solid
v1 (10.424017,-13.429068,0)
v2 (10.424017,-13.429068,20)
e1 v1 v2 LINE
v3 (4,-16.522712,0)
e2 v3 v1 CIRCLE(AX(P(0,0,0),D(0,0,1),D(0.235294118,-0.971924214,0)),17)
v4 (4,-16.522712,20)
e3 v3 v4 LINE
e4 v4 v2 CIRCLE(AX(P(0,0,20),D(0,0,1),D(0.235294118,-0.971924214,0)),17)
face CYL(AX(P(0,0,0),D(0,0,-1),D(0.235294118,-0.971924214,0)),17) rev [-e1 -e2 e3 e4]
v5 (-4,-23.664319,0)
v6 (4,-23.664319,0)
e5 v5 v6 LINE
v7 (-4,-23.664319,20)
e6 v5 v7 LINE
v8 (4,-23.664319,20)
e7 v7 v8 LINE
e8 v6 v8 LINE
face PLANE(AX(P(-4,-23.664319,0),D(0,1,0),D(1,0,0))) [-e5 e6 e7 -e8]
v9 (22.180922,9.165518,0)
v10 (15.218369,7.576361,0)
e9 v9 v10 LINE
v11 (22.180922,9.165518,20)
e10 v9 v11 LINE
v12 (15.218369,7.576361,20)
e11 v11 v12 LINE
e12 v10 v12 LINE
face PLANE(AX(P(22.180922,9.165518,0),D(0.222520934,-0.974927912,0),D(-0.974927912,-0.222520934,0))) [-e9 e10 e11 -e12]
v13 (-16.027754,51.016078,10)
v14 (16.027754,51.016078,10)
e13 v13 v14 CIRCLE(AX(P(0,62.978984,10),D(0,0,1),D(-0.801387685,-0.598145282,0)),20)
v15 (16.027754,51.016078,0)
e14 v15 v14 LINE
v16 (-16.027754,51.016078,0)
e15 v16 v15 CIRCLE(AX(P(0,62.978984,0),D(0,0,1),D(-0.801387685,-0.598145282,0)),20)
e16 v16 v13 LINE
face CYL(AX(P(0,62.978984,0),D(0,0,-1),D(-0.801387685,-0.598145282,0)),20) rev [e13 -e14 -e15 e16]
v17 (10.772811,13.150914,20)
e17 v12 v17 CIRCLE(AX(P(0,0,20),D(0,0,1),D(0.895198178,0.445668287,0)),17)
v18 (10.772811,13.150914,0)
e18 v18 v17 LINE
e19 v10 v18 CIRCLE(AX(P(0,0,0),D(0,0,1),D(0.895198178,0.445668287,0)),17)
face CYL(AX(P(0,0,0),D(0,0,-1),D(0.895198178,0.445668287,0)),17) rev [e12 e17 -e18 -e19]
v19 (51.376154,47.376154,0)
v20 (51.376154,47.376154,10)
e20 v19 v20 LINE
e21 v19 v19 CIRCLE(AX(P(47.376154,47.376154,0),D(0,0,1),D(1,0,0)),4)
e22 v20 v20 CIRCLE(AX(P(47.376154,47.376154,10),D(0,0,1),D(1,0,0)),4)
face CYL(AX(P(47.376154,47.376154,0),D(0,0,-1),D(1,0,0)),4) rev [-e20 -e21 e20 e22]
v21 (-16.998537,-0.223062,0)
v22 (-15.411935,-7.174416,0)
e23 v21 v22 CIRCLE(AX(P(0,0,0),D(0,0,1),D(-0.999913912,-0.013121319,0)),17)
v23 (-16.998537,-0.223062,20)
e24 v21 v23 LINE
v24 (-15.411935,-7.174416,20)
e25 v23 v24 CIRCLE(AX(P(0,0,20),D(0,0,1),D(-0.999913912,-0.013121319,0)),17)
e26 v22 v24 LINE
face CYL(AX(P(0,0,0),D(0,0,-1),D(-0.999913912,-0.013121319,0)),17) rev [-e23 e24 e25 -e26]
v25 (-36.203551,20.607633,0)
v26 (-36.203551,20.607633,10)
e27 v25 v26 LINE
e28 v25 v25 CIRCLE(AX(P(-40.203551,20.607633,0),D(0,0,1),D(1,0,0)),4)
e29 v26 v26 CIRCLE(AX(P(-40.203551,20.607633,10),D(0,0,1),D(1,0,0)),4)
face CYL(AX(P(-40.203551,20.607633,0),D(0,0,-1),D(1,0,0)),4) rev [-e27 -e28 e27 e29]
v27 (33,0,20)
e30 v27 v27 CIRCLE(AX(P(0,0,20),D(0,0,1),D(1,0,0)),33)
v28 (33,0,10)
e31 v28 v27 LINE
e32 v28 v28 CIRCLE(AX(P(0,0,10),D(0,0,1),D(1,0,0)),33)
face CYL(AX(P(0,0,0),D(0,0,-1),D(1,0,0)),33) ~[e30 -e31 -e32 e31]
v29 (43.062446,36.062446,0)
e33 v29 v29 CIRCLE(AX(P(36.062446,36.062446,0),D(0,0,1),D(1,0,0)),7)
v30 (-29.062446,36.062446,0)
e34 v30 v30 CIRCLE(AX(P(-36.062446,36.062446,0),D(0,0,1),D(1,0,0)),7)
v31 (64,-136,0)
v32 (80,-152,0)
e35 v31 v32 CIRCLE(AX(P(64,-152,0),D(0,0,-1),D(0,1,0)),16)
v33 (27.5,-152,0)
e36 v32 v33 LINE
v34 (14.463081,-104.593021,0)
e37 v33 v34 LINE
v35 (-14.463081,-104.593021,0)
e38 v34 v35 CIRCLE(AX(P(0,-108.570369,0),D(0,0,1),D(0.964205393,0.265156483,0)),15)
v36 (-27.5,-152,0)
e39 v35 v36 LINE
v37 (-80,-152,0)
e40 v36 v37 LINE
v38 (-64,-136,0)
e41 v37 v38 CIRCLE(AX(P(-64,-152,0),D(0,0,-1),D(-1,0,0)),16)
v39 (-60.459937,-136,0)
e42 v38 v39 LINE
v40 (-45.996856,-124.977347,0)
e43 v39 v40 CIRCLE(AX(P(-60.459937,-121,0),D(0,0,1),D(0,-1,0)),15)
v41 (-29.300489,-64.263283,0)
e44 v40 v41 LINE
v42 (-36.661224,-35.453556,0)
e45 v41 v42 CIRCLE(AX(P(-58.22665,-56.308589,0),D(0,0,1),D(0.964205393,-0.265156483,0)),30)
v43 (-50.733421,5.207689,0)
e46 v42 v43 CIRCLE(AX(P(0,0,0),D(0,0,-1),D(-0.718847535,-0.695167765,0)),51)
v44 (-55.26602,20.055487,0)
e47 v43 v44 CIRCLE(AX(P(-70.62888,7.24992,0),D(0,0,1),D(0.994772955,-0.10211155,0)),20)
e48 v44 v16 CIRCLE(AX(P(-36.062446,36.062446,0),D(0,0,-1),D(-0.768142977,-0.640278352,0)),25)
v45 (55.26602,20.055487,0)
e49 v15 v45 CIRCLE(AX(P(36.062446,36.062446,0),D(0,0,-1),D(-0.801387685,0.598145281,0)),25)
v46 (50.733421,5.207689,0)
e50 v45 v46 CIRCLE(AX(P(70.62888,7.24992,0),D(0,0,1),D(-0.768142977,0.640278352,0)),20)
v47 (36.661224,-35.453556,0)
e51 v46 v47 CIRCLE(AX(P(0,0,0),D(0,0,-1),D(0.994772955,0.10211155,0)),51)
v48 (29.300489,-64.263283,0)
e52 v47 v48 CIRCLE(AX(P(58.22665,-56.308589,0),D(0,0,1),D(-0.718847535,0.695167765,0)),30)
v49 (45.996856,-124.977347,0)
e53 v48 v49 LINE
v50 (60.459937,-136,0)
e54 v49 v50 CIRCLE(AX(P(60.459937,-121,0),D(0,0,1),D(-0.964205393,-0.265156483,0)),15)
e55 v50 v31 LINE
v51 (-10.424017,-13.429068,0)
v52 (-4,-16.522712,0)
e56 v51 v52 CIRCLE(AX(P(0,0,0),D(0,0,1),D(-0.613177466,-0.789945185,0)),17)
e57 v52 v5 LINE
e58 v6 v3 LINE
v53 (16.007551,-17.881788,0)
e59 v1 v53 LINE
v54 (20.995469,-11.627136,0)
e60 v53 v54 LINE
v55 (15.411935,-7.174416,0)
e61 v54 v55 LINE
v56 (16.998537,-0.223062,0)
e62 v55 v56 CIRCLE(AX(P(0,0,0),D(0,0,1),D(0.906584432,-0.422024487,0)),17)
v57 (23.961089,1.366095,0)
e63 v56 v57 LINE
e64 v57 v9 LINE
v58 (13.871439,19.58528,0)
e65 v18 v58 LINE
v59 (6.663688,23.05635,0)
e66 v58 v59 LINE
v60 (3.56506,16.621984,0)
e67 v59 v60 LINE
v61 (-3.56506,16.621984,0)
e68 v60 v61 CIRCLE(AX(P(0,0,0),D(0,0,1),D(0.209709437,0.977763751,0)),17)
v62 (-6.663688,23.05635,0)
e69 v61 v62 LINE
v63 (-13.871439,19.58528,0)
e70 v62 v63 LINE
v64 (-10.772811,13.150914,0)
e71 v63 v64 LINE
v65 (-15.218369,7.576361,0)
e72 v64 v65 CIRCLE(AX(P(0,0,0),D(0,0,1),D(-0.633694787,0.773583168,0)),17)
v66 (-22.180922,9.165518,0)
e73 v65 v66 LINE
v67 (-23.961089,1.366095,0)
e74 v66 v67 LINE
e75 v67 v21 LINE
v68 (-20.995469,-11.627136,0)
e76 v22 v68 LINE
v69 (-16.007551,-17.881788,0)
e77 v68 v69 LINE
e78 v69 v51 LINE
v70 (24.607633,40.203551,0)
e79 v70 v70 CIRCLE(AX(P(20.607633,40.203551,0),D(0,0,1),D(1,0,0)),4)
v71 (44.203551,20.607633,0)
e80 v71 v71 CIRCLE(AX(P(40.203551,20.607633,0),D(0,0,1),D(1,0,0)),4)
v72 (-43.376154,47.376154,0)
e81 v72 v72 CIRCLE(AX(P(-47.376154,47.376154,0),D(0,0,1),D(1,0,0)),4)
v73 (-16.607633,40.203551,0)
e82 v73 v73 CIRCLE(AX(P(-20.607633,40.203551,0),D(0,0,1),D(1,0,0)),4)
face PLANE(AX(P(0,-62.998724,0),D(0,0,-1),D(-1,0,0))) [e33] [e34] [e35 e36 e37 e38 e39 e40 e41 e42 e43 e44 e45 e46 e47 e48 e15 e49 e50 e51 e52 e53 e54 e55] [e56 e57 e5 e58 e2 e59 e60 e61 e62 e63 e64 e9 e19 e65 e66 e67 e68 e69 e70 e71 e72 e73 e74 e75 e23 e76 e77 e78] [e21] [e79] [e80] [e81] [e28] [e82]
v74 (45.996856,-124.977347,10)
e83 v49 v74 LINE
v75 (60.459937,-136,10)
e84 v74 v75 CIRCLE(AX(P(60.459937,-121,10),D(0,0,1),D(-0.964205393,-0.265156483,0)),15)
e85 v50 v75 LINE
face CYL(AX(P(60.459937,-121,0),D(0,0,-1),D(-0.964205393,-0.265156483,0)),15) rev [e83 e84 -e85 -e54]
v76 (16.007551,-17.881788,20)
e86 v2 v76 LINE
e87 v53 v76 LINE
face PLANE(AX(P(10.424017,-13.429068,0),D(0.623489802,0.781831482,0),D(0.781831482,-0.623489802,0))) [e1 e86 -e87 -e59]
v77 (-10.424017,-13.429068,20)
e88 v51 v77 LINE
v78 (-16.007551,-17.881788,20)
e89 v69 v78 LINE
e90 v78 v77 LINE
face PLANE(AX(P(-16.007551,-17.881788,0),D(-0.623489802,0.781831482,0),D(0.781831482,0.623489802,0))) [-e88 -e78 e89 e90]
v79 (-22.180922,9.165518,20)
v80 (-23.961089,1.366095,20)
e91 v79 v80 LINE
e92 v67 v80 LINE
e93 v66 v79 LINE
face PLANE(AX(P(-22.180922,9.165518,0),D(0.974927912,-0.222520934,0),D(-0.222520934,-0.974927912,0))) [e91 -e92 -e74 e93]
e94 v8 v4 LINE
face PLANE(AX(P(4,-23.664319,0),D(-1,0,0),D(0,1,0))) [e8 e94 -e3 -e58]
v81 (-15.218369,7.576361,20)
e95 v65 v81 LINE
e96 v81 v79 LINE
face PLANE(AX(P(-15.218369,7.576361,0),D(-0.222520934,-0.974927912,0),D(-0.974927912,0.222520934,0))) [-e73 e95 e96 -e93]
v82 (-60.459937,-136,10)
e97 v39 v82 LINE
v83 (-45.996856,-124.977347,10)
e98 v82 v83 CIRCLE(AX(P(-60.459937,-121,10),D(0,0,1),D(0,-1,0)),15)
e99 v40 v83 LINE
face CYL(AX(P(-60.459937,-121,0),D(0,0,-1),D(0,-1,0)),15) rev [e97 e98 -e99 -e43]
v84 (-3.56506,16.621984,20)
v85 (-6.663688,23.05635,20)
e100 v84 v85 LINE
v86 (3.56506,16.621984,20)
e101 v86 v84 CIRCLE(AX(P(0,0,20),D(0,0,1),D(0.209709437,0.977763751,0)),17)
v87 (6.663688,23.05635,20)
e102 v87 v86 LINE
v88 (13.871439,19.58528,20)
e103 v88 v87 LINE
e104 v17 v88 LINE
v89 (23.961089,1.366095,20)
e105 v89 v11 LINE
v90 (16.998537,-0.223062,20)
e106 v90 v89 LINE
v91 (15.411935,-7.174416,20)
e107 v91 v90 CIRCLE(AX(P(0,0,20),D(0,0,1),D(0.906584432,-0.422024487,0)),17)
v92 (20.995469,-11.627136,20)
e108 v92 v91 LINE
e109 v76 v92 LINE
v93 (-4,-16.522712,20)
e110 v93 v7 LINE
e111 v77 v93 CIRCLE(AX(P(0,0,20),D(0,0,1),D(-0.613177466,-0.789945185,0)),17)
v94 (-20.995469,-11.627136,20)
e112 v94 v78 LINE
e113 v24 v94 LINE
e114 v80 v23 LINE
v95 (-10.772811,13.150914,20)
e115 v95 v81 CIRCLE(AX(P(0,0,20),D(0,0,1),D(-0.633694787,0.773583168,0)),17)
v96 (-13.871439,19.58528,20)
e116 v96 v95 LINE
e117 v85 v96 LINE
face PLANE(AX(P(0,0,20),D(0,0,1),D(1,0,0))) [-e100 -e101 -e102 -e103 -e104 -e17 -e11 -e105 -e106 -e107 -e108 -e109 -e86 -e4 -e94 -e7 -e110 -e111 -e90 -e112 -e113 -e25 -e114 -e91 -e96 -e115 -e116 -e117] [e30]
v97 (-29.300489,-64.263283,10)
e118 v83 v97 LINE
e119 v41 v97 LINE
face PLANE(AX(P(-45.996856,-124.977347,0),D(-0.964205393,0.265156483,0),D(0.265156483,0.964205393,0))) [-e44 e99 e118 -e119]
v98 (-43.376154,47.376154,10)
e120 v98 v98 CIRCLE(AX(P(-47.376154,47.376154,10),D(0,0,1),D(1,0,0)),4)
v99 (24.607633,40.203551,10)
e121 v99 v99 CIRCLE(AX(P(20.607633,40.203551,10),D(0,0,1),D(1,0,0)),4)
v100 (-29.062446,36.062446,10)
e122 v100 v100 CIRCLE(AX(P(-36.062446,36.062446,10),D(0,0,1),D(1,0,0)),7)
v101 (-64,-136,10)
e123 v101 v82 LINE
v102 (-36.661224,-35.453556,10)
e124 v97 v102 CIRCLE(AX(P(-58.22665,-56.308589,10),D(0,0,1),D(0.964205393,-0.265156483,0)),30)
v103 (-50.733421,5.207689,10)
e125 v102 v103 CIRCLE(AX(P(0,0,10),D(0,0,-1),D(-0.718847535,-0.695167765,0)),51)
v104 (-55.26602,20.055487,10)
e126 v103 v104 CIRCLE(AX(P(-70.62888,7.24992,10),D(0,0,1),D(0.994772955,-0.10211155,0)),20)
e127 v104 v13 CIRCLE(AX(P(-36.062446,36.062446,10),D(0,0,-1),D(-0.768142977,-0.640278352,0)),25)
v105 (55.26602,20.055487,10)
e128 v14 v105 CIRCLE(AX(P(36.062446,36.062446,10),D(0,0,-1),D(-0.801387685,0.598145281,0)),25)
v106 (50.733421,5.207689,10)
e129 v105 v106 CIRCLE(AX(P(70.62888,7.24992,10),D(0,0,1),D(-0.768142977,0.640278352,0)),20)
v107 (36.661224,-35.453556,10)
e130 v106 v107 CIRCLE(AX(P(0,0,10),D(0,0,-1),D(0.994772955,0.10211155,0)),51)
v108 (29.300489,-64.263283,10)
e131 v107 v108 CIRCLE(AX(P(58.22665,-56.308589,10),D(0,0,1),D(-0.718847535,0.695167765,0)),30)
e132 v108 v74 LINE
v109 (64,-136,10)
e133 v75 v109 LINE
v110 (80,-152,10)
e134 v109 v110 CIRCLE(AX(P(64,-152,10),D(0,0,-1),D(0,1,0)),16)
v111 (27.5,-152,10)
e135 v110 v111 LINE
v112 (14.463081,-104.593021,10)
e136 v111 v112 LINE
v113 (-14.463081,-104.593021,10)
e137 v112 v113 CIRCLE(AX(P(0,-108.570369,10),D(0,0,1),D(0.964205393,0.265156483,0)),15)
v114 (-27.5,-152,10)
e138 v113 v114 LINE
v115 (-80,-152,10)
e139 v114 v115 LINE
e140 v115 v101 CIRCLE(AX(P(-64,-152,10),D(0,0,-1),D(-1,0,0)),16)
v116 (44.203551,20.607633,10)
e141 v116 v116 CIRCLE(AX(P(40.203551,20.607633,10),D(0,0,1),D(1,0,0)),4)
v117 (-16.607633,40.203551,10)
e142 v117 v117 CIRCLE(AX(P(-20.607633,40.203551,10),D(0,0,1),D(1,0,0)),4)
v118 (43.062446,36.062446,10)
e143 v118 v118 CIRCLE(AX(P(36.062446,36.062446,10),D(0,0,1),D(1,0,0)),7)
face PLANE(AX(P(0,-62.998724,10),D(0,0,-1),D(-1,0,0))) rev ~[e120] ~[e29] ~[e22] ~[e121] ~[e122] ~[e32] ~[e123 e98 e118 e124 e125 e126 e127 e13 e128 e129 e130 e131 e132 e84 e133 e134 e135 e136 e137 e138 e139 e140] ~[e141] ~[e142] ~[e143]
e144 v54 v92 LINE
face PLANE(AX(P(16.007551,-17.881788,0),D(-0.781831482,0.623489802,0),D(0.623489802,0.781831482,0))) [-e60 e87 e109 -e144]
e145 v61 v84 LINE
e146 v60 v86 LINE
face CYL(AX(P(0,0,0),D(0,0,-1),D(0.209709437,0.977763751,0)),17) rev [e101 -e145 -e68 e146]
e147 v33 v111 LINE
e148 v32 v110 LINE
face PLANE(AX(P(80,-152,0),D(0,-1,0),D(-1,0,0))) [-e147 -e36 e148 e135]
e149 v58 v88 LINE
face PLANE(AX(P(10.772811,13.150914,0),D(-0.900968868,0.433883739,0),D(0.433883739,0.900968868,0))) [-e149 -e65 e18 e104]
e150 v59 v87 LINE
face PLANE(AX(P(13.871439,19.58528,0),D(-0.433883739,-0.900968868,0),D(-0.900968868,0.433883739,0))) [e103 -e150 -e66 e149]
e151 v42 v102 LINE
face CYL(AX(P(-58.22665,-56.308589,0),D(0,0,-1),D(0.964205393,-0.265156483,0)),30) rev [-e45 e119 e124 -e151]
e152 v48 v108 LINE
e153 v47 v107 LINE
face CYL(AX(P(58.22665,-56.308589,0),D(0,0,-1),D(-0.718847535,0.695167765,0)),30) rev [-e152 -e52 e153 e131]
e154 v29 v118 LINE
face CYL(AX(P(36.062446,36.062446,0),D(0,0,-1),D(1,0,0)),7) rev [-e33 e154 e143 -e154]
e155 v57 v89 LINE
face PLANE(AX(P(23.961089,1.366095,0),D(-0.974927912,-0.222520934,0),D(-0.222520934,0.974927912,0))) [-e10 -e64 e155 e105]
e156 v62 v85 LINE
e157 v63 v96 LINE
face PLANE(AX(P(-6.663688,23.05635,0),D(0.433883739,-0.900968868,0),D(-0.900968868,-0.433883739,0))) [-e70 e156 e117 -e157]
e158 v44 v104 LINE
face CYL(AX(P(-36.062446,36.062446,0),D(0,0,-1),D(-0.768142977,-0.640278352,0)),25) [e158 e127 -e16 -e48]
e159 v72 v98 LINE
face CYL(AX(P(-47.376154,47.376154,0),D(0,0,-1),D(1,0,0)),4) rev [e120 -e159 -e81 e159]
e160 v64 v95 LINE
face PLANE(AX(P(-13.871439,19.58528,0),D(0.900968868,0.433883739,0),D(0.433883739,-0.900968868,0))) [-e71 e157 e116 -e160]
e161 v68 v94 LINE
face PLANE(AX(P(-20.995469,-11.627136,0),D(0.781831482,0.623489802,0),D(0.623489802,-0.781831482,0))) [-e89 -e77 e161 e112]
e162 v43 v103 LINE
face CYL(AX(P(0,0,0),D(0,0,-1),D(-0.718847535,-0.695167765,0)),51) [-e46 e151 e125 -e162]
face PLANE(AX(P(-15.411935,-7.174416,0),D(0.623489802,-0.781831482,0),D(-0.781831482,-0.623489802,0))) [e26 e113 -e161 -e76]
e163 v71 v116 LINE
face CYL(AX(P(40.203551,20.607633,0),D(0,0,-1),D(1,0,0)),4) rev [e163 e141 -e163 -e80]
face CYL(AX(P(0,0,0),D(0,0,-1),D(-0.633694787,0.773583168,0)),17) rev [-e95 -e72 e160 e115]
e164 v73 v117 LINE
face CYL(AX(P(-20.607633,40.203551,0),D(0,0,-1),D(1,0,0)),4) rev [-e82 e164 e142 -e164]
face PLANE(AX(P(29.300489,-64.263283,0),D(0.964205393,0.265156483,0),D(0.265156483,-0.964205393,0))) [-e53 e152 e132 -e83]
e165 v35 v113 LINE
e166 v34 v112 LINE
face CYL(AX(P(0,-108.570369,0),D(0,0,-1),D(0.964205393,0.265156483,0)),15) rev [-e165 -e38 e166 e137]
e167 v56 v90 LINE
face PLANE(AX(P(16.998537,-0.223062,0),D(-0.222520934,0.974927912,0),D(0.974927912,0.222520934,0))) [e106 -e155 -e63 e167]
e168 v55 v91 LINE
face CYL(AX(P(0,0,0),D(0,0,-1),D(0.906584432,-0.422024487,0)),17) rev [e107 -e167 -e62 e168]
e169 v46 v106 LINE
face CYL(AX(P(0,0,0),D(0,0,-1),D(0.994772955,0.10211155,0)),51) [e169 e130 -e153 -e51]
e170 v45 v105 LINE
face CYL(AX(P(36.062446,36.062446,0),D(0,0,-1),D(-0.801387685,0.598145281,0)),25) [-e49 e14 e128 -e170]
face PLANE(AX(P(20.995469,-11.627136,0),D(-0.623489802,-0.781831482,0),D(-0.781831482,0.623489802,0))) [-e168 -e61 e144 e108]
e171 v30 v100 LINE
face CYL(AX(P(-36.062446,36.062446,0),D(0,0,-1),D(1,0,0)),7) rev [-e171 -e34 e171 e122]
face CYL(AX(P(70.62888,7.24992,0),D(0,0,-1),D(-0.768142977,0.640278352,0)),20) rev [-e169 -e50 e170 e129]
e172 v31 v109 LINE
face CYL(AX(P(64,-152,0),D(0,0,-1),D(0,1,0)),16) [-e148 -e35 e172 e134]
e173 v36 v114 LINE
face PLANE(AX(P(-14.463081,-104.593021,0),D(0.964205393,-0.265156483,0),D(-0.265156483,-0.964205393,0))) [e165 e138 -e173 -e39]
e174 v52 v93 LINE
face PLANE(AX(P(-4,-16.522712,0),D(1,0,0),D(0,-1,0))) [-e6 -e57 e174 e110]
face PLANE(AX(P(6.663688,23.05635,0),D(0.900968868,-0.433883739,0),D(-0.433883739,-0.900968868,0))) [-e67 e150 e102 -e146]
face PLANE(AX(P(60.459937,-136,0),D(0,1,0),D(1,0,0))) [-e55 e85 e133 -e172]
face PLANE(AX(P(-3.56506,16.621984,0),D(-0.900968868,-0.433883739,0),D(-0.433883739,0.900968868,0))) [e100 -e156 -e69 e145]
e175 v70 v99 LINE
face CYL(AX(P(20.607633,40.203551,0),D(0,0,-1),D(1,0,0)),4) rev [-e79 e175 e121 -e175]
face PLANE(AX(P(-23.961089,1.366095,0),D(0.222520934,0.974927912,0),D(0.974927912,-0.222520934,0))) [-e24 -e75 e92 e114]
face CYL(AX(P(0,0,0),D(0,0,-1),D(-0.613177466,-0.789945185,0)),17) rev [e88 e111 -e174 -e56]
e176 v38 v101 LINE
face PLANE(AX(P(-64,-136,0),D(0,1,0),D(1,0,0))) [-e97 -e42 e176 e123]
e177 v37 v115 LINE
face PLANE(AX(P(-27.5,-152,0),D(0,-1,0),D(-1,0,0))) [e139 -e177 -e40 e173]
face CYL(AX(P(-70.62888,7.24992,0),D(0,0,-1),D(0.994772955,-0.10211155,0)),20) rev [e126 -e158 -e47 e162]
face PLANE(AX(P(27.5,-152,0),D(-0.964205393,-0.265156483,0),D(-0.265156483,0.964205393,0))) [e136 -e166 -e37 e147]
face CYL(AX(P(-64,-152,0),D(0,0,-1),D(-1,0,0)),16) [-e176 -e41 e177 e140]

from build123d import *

# Parameters (mm, degrees)
SKETCH_1_R      = 4
SKETCH_1_R_2    = 7
SKETCH_1_R_3    = 33
EXTRUDE_1_DEPTH = 10
SKETCH_1_3_R    = 33
EXTRUDE_2_DEPTH = 20


with BuildPart() as part:
    # Эскиз1 → Бобышка-Вытянуть1 (new body)
    with BuildSketch(Plane.XY):
        with BuildLine():
            ThreePointArc((-64, -136), (-75.313708499, -140.686291501), (-80, -152))
            Line((-80, -152), (-27.5, -152))
            Line((-27.5, -152), (-14.463080892, -104.593021426))
            ThreePointArc((-14.463080892, -104.593021426), (0, -93.570368671), (14.463080892, -104.593021426))
            Line((14.463080892, -104.593021426), (27.5, -152))
            Line((27.5, -152), (80, -152))
            ThreePointArc((80, -152), (75.313708499, -140.686291501), (64, -136))
            Line((64, -136), (60.459937025, -136))
            ThreePointArc((60.459937025, -136), (51.367638325, -132.930218118), (45.996856133, -124.977347245))
            Line((45.996856133, -124.977347245), (29.300488581, -64.26328342))
            ThreePointArc((29.300488581, -64.26328342), (29.160343249, -48.882298429), (36.661224304, -35.453555993))
            ThreePointArc((36.661224304, -35.453555993), (48.195333852, -16.679622146), (50.733420691, 5.207689026))
            ThreePointArc((50.733420691, 5.207689026), (51.500326923, 13.089309145), (55.266020254, 20.05548705))
            ThreePointArc((55.266020254, 20.05548705), (51.548317959, 55.688646816), (16.027753707, 51.016077878))
            ThreePointArc((16.027753707, 51.016077878), (0, 42.978983508), (-16.027753707, 51.016077878))
            ThreePointArc((-16.027753707, 51.016077878), (-51.548317959, 55.688646816), (-55.266020254, 20.05548705))
            ThreePointArc((-55.266020254, 20.05548705), (-51.500326923, 13.089309145), (-50.733420691, 5.207689026))
            ThreePointArc((-50.733420691, 5.207689026), (-48.195333852, -16.679622146), (-36.661224304, -35.453555993))
            ThreePointArc((-36.661224304, -35.453555993), (-29.160343249, -48.882298429), (-29.300488581, -64.26328342))
            Line((-29.300488581, -64.26328342), (-45.996856133, -124.977347245))
            ThreePointArc((-45.996856133, -124.977347245), (-51.367638325, -132.930218118), (-60.459937025, -136))
            Line((-60.459937025, -136), (-64, -136))
        make_face()
        with Locations((-40.203550562, 20.60763262)):
            Circle(SKETCH_1_R, mode=Mode.SUBTRACT)
        with Locations((-47.376154339, 47.376154339)):
            Circle(SKETCH_1_R, mode=Mode.SUBTRACT)
        with Locations((-36.062445841, 36.062445841)):
            Circle(SKETCH_1_R_2, mode=Mode.SUBTRACT)
        with Locations((-20.60763262, 40.203550562)):
            Circle(SKETCH_1_R, mode=Mode.SUBTRACT)
        Circle(SKETCH_1_R_3, mode=Mode.SUBTRACT)
        with Locations((20.60763262, 40.203550562)):
            Circle(SKETCH_1_R, mode=Mode.SUBTRACT)
        with Locations((36.062445841, 36.062445841)):
            Circle(SKETCH_1_R_2, mode=Mode.SUBTRACT)
        with Locations((40.203550562, 20.60763262)):
            Circle(SKETCH_1_R, mode=Mode.SUBTRACT)
        with Locations((47.376154339, 47.376154339)):
            Circle(SKETCH_1_R, mode=Mode.SUBTRACT)
    extrude(amount=EXTRUDE_1_DEPTH)

    # Эскиз1<3> → Бобышка-Вытянуть2 (add)
    with BuildSketch(Plane.XY):
        Circle(SKETCH_1_3_R)
        with BuildLine():
            Line((-4, -23.664319132), (-4, -16.522711642))
            ThreePointArc((-4, -16.522711642), (-7.376023565, -15.316470754), (-10.42401693, -13.429068138))
            Line((-10.42401693, -13.429068138), (-16.007550501, -17.881787577))
            Line((-16.007550501, -17.881787577), (-20.995468916, -11.627135717))
            Line((-20.995468916, -11.627135717), (-15.411935345, -7.174416278))
            ThreePointArc((-15.411935345, -7.174416278), (-16.573774507, -3.782855877), (-16.9985365, -0.223062423))
            Line((-16.9985365, -0.223062423), (-23.961088981, 1.366094746))
            Line((-23.961088981, 1.366094746), (-22.180921509, 9.165518044))
            Line((-22.180921509, 9.165518044), (-15.218369029, 7.576360875))
            ThreePointArc((-15.218369029, 7.576360875), (-13.291135202, 10.599326632), (-10.772811379, 13.150913846))
            Line((-10.772811379, 13.150913846), (-13.87143874, 19.585279862))
            Line((-13.87143874, 19.585279862), (-6.663687797, 23.056349775))
            Line((-6.663687797, 23.056349775), (-3.565060436, 16.621983759))
            ThreePointArc((-3.565060436, 16.621983759), (0, 17), (3.565060436, 16.621983759))
            Line((3.565060436, 16.621983759), (6.663687797, 23.056349775))
            Line((6.663687797, 23.056349775), (13.87143874, 19.585279862))
            Line((13.87143874, 19.585279862), (10.772811379, 13.150913846))
            ThreePointArc((10.772811379, 13.150913846), (13.291135202, 10.599326632), (15.218369029, 7.576360875))
            Line((15.218369029, 7.576360875), (22.180921509, 9.165518044))
            Line((22.180921509, 9.165518044), (23.961088981, 1.366094746))
            Line((23.961088981, 1.366094746), (16.9985365, -0.223062423))
            ThreePointArc((16.9985365, -0.223062423), (16.573774507, -3.782855877), (15.411935345, -7.174416278))
            Line((15.411935345, -7.174416278), (20.995468916, -11.627135717))
            Line((20.995468916, -11.627135717), (16.007550501, -17.881787577))
            Line((16.007550501, -17.881787577), (10.42401693, -13.429068138))
            ThreePointArc((10.42401693, -13.429068138), (7.376023565, -15.316470754), (4, -16.522711642))
            Line((4, -16.522711642), (4, -23.664319132))
            Line((4, -23.664319132), (-4, -23.664319132))
        make_face(mode=Mode.SUBTRACT)
    extrude(amount=EXTRUDE_2_DEPTH)


solid = part.part
